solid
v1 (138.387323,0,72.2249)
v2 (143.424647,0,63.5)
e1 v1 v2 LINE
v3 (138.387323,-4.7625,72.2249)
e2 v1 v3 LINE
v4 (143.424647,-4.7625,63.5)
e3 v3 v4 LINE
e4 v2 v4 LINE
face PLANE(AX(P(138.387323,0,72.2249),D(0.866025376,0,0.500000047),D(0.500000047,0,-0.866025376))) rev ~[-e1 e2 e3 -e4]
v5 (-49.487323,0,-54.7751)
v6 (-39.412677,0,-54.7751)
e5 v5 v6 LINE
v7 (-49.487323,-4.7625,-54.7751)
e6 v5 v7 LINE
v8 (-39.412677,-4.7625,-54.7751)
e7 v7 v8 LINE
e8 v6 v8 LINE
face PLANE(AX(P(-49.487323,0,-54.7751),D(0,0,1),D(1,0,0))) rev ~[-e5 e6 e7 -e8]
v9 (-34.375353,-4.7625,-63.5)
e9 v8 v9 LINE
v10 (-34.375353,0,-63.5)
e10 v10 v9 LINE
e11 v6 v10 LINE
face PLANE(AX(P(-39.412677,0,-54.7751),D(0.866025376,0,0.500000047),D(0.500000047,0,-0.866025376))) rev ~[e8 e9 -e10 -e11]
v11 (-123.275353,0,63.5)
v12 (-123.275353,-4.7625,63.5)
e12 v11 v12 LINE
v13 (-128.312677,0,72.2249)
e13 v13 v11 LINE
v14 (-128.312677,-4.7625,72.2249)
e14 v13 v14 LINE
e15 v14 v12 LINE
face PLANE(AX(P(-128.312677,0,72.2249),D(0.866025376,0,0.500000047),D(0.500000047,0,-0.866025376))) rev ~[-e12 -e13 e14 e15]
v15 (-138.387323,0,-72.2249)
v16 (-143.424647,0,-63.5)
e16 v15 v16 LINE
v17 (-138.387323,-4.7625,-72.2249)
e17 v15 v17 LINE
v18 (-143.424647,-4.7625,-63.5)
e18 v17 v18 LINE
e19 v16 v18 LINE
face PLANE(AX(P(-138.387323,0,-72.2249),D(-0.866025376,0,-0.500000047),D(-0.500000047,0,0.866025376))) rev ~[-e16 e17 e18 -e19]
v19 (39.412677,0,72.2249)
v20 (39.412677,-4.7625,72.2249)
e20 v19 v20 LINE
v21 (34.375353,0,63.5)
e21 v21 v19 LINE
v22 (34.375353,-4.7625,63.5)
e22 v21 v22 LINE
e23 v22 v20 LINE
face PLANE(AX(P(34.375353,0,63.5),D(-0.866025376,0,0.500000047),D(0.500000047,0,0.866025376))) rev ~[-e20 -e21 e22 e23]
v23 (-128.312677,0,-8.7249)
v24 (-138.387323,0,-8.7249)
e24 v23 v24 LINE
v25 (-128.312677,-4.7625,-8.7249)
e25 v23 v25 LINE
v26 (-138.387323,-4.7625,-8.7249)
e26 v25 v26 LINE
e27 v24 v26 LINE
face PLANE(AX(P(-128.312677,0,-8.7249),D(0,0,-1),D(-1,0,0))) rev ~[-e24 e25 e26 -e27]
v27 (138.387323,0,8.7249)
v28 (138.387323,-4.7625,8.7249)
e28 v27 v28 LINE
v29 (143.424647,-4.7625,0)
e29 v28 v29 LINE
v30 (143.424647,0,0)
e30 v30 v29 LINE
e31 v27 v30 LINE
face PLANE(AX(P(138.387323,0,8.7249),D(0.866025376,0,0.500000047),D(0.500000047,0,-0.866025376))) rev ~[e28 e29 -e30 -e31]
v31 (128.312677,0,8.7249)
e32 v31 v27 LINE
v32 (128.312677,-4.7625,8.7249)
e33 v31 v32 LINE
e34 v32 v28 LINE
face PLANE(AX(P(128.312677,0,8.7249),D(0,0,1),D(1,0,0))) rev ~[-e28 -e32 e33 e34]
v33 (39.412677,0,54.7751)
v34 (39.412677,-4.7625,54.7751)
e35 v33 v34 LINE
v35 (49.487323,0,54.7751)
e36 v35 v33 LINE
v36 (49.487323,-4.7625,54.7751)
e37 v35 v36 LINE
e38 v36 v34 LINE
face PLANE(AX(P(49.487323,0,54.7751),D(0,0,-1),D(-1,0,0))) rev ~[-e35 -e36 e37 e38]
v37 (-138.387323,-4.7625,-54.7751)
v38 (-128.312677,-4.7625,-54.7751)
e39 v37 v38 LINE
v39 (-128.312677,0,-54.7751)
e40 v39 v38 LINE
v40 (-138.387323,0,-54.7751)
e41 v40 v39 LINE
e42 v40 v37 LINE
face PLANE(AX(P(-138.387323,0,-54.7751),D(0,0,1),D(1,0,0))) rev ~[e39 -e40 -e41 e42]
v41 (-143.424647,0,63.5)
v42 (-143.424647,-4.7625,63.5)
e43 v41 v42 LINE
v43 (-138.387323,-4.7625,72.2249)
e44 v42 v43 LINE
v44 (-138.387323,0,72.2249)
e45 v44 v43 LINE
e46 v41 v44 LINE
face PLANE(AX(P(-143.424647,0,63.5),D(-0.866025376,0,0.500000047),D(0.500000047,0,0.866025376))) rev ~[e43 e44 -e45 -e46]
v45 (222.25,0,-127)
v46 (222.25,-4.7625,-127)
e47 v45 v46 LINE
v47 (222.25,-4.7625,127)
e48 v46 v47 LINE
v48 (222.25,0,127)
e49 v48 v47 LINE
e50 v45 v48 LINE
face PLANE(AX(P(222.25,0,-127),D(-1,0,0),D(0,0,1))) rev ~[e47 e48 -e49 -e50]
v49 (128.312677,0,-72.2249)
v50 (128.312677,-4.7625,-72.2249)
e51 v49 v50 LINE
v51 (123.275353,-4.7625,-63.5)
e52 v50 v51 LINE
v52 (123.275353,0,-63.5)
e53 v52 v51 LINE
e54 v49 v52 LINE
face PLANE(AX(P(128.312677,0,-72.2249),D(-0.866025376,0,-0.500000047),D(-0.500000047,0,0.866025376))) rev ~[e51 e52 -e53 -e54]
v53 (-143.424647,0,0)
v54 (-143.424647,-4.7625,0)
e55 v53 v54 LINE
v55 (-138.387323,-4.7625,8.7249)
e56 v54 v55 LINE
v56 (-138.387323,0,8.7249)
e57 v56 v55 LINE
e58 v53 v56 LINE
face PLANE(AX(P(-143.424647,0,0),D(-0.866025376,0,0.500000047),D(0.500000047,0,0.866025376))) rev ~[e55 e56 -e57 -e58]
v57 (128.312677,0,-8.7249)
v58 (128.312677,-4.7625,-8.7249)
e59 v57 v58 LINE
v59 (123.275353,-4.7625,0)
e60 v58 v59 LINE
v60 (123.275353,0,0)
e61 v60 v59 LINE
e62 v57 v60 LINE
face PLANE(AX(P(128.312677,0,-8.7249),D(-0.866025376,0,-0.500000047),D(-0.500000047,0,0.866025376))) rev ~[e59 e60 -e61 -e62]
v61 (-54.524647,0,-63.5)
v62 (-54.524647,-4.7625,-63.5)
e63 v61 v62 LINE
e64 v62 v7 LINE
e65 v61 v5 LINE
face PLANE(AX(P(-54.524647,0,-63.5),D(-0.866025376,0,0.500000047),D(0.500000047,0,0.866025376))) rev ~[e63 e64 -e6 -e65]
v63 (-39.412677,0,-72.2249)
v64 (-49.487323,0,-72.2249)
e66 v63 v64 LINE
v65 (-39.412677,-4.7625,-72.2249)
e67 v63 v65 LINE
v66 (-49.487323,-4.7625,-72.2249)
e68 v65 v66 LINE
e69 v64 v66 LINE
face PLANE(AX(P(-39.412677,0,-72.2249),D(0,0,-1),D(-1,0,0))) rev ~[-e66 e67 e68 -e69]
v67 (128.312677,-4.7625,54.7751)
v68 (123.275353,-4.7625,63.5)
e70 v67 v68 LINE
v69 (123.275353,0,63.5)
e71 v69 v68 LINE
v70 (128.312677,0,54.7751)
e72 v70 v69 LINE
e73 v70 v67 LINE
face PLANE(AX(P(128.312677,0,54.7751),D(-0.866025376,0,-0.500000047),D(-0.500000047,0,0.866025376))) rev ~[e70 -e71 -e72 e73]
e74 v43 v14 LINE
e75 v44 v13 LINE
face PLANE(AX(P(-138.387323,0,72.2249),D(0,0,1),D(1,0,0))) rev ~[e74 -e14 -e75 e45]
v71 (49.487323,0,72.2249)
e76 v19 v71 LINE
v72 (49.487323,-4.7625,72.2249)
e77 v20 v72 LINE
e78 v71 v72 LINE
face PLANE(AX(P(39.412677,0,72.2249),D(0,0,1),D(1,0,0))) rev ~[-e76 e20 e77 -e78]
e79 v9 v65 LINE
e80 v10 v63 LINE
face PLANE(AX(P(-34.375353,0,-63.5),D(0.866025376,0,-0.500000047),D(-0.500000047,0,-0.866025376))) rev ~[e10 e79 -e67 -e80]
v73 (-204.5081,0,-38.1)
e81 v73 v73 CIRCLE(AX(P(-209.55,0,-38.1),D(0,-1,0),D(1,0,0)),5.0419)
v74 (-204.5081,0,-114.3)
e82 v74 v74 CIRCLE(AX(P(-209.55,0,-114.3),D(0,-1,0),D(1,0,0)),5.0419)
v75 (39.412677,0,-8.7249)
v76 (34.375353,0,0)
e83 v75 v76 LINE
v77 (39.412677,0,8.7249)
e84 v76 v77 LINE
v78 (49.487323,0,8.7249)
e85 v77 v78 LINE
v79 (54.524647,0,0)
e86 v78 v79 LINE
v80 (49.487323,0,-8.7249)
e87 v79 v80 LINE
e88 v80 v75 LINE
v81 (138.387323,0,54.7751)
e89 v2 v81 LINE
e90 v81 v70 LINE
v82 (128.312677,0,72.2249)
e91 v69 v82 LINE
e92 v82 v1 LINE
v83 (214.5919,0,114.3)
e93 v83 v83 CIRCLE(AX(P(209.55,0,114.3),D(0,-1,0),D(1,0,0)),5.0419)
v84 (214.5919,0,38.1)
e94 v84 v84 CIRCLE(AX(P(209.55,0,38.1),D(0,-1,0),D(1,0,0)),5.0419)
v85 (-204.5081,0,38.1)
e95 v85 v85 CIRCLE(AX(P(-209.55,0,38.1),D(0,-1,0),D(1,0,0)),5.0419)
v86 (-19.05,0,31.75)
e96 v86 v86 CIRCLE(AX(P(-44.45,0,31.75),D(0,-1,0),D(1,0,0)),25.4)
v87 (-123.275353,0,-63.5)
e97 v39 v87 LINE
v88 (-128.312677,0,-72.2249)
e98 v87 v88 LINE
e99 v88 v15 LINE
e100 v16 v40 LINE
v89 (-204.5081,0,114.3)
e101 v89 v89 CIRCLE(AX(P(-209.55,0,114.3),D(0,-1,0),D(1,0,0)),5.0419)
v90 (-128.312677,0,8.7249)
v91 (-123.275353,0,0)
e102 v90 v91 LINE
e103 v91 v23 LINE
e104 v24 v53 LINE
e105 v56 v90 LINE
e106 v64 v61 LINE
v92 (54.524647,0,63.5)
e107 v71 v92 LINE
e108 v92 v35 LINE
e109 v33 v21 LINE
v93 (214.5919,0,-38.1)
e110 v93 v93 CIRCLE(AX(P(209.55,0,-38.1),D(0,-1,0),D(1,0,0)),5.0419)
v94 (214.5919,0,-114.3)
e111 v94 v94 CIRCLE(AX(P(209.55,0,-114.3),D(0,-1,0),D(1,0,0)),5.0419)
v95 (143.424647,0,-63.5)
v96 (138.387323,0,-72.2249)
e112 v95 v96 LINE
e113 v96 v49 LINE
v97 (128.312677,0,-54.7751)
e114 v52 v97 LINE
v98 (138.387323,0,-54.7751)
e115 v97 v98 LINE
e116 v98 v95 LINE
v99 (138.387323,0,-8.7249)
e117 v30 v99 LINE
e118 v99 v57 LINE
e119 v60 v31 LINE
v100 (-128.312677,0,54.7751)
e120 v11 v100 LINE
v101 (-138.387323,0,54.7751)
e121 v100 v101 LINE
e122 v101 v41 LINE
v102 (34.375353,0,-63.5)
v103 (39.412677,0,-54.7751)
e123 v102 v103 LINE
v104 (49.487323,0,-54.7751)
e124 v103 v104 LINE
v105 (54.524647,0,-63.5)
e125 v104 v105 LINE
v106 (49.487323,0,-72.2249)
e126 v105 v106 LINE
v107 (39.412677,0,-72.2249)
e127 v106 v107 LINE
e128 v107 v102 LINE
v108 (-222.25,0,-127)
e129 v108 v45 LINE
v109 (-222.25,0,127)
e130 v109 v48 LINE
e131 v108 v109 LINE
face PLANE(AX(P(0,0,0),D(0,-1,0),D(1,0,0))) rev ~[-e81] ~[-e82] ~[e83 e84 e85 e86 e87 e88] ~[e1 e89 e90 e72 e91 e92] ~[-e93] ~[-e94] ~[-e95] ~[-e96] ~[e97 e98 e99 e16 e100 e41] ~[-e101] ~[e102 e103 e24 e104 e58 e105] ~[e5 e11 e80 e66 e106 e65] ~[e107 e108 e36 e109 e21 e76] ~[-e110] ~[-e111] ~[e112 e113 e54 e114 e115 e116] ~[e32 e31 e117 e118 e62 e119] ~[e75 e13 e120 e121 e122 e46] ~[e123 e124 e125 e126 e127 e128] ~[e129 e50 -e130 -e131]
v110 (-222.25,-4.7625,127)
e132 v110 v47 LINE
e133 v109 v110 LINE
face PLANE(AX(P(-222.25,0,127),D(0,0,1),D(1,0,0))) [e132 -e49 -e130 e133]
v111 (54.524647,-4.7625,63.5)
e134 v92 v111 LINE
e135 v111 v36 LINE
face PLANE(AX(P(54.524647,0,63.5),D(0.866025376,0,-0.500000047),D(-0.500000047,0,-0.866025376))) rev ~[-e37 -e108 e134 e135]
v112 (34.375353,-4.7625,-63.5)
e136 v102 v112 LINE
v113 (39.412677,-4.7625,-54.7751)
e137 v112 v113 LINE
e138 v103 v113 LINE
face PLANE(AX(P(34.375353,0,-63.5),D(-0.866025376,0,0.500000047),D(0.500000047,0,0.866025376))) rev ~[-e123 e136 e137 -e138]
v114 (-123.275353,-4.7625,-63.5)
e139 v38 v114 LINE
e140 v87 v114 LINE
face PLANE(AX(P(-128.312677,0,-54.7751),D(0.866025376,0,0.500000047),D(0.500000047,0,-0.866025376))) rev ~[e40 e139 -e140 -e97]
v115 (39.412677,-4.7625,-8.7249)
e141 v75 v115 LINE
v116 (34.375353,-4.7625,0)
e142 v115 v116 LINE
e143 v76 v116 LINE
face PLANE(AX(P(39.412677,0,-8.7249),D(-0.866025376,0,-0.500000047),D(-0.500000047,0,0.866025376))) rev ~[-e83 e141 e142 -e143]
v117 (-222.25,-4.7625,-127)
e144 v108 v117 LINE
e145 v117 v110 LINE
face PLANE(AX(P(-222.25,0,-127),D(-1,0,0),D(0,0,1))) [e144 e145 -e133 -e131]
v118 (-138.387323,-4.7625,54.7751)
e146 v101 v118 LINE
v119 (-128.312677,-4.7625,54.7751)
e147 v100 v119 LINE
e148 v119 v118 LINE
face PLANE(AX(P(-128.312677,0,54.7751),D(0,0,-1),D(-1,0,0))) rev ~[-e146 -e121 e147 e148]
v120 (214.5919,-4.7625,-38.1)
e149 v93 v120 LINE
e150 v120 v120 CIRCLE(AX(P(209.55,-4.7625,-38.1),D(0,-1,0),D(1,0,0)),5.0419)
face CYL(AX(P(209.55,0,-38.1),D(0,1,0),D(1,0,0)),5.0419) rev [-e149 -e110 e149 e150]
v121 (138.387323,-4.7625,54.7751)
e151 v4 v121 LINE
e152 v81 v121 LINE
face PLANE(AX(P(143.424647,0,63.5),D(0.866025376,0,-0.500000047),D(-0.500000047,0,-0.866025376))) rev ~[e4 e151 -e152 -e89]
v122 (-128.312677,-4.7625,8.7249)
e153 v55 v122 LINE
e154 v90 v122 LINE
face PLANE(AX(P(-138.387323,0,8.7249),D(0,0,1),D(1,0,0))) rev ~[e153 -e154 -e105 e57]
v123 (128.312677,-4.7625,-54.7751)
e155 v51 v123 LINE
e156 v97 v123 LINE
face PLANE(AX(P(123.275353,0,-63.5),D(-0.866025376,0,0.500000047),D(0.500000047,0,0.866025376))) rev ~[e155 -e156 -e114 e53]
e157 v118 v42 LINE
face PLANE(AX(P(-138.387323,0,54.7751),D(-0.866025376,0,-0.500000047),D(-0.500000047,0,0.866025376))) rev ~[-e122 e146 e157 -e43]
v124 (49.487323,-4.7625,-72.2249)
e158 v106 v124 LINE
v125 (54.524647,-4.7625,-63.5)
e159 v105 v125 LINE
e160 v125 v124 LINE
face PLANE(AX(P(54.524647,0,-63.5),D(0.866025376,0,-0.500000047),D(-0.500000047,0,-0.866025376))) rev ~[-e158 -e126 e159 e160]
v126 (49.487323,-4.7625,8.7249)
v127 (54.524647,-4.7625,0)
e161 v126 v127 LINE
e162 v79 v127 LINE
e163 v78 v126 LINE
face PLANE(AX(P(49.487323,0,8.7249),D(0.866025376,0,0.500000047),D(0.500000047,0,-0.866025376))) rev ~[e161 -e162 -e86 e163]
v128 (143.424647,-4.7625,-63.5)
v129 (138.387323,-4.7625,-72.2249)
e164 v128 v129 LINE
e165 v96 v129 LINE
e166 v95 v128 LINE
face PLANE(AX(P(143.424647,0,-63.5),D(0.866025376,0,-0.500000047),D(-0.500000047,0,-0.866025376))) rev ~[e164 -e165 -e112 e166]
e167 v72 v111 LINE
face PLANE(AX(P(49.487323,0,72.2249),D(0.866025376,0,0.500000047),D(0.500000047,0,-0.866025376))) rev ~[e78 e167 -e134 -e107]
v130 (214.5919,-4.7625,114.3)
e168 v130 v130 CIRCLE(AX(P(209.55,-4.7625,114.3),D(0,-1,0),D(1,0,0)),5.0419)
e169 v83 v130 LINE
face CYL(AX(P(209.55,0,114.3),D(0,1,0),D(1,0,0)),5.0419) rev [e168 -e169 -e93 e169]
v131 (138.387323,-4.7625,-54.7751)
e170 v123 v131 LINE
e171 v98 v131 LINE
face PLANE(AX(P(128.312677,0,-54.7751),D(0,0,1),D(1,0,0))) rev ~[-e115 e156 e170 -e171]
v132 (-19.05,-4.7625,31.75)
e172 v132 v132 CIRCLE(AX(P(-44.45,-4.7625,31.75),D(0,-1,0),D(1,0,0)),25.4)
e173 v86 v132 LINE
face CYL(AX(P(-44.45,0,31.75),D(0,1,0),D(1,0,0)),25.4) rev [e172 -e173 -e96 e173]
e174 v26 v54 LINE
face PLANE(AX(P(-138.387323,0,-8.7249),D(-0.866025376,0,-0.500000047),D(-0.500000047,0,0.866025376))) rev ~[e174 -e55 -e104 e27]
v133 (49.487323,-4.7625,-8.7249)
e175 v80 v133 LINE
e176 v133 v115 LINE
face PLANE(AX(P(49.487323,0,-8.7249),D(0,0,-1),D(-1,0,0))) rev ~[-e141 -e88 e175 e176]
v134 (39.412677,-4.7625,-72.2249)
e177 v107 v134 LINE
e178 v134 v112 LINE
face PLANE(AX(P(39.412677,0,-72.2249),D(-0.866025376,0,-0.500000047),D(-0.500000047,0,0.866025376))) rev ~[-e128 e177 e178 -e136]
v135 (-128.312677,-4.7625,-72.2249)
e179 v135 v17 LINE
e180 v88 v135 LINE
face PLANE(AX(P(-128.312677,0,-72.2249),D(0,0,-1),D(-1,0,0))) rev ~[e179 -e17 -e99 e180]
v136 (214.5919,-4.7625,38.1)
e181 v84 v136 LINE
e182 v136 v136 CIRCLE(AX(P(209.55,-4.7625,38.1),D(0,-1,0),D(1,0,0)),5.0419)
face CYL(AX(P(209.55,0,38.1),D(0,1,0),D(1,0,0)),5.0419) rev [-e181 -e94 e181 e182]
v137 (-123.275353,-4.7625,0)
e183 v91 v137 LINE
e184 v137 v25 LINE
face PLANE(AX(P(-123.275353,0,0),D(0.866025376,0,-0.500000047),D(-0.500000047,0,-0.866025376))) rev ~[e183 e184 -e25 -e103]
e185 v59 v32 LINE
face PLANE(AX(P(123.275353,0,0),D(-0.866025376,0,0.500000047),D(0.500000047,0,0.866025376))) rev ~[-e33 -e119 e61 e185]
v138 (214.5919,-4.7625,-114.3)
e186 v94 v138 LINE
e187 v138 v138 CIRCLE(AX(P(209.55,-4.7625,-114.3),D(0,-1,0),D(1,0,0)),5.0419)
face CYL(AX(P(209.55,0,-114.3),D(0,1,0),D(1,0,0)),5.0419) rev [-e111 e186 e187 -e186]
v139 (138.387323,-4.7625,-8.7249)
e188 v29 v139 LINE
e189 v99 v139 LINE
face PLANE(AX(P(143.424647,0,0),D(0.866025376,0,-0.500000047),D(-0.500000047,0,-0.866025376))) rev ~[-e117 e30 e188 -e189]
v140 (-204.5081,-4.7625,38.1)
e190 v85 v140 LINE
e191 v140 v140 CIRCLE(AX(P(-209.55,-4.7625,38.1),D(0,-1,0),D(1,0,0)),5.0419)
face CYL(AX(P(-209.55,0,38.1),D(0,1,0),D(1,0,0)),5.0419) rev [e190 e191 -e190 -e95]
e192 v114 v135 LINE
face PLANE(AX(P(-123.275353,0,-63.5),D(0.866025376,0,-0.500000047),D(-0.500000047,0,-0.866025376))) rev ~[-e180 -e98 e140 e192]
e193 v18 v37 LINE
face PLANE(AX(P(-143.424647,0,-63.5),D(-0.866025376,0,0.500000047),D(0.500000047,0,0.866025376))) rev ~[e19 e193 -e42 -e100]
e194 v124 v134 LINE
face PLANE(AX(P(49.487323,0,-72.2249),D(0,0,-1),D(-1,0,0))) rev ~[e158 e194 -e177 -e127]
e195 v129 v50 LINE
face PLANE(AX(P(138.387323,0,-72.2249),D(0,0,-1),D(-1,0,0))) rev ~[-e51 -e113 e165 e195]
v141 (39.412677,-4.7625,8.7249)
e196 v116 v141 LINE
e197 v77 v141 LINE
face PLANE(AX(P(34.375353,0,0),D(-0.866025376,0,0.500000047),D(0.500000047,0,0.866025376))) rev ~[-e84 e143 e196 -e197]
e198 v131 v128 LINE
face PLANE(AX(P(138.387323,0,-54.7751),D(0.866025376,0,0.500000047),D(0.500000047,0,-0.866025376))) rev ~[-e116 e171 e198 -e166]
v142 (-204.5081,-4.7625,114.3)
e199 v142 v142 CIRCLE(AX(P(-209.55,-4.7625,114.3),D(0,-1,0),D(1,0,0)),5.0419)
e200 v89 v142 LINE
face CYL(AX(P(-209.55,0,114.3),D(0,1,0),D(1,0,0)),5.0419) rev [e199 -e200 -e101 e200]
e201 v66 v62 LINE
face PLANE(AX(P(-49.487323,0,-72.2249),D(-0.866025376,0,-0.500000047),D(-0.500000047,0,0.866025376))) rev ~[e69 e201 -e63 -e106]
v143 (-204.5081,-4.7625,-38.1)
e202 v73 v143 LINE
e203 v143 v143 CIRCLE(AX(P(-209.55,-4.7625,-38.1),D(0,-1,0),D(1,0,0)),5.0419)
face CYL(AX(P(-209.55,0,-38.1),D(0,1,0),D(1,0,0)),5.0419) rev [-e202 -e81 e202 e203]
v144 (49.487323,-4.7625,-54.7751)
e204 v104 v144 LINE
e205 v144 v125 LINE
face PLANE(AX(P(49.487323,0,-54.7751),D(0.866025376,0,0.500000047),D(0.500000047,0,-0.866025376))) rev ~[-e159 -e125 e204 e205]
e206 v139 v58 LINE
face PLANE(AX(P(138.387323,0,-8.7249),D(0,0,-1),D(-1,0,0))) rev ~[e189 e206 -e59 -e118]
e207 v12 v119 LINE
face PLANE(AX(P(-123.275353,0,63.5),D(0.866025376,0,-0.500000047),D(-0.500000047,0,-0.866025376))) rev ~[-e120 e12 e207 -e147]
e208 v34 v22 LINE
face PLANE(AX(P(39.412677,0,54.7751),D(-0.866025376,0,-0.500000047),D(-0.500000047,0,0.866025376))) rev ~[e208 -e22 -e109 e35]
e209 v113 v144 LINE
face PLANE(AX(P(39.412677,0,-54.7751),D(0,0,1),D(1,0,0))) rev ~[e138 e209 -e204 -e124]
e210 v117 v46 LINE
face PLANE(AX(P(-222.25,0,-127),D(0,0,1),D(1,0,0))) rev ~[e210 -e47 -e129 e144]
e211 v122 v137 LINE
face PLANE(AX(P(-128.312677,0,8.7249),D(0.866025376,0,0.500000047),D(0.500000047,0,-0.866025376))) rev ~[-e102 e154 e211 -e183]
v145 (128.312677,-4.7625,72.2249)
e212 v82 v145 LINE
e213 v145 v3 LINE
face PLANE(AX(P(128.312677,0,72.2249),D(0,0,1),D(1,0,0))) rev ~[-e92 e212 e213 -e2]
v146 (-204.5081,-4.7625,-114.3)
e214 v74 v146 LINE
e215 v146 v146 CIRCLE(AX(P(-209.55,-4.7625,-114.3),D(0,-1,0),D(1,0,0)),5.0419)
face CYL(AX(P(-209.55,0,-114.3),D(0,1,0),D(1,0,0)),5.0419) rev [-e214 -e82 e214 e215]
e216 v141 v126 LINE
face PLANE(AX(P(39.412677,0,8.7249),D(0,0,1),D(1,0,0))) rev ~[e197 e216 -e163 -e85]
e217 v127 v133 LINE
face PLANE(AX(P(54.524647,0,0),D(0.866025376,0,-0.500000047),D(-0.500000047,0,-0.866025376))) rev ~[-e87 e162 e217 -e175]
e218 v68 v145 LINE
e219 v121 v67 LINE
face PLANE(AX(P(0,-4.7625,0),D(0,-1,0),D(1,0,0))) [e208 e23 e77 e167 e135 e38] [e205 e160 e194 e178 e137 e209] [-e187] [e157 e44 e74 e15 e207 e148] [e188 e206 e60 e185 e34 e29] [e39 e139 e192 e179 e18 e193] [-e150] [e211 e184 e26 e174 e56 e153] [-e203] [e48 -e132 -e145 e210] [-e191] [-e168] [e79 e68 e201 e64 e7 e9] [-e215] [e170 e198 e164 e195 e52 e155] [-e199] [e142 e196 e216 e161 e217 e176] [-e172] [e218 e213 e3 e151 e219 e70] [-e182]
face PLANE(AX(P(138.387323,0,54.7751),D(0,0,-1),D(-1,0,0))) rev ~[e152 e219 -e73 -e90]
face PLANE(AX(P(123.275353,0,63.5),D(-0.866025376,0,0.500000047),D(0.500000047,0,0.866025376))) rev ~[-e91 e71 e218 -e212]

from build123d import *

# Parameters (mm, degrees)
F0_W     = 444.5
F0_H     = 254
F0_R     = 5.0419
F0_R_2   = 25.4
F1_DEPTH = 4.7625


with BuildPart() as f1:
    # F0 (on Front) → F1 (new body)
    with BuildSketch(Plane.XZ):
        Rectangle(F0_W, F0_H)
        with Locations((-209.55, -114.3)):
            Circle(F0_R, mode=Mode.SUBTRACT)
        with Locations((-209.55, -38.1)):
            Circle(F0_R, mode=Mode.SUBTRACT)
        Polygon((-143.424647, -63.5), (-138.387323, -54.7751), (-128.312677, -54.7751), (-123.275353, -63.5), (-128.312677, -72.2249), (-138.387323, -72.2249), align=None, mode=Mode.SUBTRACT)
        Polygon((-54.524647, -63.5), (-49.487323, -54.7751), (-39.412677, -54.7751), (-34.375353, -63.5), (-39.412677, -72.2249), (-49.487323, -72.2249), align=None, mode=Mode.SUBTRACT)
        with Locations((209.55, -114.3)):
            Circle(F0_R, mode=Mode.SUBTRACT)
        Polygon((34.375353, -63.5), (39.412677, -54.7751), (49.487323, -54.7751), (54.524647, -63.5), (49.487323, -72.2249), (39.412677, -72.2249), align=None, mode=Mode.SUBTRACT)
        Polygon((123.275353, -63.5), (128.312677, -54.7751), (138.387323, -54.7751), (143.424647, -63.5), (138.387323, -72.2249), (128.312677, -72.2249), align=None, mode=Mode.SUBTRACT)
        with Locations((209.55, -38.1)):
            Circle(F0_R, mode=Mode.SUBTRACT)
        Polygon((-143.424647, 0), (-138.387323, 8.7249), (-128.312677, 8.7249), (-123.275353, 0), (-128.312677, -8.7249), (-138.387323, -8.7249), align=None, mode=Mode.SUBTRACT)
        with Locations((-209.55, 38.1)):
            Circle(F0_R, mode=Mode.SUBTRACT)
        with Locations((-44.45, 31.75)):
            Circle(F0_R_2, mode=Mode.SUBTRACT)
        Polygon((-143.424647, 63.5), (-138.387323, 72.2249), (-128.312677, 72.2249), (-123.275353, 63.5), (-128.312677, 54.7751), (-138.387323, 54.7751), align=None, mode=Mode.SUBTRACT)
        with Locations((-209.55, 114.3)):
            Circle(F0_R, mode=Mode.SUBTRACT)
        Polygon((34.375353, 0), (39.412677, 8.7249), (49.487323, 8.7249), (54.524647, 0), (49.487323, -8.7249), (39.412677, -8.7249), align=None, mode=Mode.SUBTRACT)
        Polygon((123.275353, 0), (128.312677, 8.7249), (138.387323, 8.7249), (143.424647, 0), (138.387323, -8.7249), (128.312677, -8.7249), align=None, mode=Mode.SUBTRACT)
        with Locations((209.55, 38.1)):
            Circle(F0_R, mode=Mode.SUBTRACT)
        Polygon((34.375353, 63.5), (39.412677, 72.2249), (49.487323, 72.2249), (54.524647, 63.5), (49.487323, 54.7751), (39.412677, 54.7751), align=None, mode=Mode.SUBTRACT)
        Polygon((123.275353, 63.5), (128.312677, 72.2249), (138.387323, 72.2249), (143.424647, 63.5), (138.387323, 54.7751), (128.312677, 54.7751), align=None, mode=Mode.SUBTRACT)
        with Locations((209.55, 114.3)):
            Circle(F0_R, mode=Mode.SUBTRACT)
    extrude(amount=F1_DEPTH)


solid = f1.part
